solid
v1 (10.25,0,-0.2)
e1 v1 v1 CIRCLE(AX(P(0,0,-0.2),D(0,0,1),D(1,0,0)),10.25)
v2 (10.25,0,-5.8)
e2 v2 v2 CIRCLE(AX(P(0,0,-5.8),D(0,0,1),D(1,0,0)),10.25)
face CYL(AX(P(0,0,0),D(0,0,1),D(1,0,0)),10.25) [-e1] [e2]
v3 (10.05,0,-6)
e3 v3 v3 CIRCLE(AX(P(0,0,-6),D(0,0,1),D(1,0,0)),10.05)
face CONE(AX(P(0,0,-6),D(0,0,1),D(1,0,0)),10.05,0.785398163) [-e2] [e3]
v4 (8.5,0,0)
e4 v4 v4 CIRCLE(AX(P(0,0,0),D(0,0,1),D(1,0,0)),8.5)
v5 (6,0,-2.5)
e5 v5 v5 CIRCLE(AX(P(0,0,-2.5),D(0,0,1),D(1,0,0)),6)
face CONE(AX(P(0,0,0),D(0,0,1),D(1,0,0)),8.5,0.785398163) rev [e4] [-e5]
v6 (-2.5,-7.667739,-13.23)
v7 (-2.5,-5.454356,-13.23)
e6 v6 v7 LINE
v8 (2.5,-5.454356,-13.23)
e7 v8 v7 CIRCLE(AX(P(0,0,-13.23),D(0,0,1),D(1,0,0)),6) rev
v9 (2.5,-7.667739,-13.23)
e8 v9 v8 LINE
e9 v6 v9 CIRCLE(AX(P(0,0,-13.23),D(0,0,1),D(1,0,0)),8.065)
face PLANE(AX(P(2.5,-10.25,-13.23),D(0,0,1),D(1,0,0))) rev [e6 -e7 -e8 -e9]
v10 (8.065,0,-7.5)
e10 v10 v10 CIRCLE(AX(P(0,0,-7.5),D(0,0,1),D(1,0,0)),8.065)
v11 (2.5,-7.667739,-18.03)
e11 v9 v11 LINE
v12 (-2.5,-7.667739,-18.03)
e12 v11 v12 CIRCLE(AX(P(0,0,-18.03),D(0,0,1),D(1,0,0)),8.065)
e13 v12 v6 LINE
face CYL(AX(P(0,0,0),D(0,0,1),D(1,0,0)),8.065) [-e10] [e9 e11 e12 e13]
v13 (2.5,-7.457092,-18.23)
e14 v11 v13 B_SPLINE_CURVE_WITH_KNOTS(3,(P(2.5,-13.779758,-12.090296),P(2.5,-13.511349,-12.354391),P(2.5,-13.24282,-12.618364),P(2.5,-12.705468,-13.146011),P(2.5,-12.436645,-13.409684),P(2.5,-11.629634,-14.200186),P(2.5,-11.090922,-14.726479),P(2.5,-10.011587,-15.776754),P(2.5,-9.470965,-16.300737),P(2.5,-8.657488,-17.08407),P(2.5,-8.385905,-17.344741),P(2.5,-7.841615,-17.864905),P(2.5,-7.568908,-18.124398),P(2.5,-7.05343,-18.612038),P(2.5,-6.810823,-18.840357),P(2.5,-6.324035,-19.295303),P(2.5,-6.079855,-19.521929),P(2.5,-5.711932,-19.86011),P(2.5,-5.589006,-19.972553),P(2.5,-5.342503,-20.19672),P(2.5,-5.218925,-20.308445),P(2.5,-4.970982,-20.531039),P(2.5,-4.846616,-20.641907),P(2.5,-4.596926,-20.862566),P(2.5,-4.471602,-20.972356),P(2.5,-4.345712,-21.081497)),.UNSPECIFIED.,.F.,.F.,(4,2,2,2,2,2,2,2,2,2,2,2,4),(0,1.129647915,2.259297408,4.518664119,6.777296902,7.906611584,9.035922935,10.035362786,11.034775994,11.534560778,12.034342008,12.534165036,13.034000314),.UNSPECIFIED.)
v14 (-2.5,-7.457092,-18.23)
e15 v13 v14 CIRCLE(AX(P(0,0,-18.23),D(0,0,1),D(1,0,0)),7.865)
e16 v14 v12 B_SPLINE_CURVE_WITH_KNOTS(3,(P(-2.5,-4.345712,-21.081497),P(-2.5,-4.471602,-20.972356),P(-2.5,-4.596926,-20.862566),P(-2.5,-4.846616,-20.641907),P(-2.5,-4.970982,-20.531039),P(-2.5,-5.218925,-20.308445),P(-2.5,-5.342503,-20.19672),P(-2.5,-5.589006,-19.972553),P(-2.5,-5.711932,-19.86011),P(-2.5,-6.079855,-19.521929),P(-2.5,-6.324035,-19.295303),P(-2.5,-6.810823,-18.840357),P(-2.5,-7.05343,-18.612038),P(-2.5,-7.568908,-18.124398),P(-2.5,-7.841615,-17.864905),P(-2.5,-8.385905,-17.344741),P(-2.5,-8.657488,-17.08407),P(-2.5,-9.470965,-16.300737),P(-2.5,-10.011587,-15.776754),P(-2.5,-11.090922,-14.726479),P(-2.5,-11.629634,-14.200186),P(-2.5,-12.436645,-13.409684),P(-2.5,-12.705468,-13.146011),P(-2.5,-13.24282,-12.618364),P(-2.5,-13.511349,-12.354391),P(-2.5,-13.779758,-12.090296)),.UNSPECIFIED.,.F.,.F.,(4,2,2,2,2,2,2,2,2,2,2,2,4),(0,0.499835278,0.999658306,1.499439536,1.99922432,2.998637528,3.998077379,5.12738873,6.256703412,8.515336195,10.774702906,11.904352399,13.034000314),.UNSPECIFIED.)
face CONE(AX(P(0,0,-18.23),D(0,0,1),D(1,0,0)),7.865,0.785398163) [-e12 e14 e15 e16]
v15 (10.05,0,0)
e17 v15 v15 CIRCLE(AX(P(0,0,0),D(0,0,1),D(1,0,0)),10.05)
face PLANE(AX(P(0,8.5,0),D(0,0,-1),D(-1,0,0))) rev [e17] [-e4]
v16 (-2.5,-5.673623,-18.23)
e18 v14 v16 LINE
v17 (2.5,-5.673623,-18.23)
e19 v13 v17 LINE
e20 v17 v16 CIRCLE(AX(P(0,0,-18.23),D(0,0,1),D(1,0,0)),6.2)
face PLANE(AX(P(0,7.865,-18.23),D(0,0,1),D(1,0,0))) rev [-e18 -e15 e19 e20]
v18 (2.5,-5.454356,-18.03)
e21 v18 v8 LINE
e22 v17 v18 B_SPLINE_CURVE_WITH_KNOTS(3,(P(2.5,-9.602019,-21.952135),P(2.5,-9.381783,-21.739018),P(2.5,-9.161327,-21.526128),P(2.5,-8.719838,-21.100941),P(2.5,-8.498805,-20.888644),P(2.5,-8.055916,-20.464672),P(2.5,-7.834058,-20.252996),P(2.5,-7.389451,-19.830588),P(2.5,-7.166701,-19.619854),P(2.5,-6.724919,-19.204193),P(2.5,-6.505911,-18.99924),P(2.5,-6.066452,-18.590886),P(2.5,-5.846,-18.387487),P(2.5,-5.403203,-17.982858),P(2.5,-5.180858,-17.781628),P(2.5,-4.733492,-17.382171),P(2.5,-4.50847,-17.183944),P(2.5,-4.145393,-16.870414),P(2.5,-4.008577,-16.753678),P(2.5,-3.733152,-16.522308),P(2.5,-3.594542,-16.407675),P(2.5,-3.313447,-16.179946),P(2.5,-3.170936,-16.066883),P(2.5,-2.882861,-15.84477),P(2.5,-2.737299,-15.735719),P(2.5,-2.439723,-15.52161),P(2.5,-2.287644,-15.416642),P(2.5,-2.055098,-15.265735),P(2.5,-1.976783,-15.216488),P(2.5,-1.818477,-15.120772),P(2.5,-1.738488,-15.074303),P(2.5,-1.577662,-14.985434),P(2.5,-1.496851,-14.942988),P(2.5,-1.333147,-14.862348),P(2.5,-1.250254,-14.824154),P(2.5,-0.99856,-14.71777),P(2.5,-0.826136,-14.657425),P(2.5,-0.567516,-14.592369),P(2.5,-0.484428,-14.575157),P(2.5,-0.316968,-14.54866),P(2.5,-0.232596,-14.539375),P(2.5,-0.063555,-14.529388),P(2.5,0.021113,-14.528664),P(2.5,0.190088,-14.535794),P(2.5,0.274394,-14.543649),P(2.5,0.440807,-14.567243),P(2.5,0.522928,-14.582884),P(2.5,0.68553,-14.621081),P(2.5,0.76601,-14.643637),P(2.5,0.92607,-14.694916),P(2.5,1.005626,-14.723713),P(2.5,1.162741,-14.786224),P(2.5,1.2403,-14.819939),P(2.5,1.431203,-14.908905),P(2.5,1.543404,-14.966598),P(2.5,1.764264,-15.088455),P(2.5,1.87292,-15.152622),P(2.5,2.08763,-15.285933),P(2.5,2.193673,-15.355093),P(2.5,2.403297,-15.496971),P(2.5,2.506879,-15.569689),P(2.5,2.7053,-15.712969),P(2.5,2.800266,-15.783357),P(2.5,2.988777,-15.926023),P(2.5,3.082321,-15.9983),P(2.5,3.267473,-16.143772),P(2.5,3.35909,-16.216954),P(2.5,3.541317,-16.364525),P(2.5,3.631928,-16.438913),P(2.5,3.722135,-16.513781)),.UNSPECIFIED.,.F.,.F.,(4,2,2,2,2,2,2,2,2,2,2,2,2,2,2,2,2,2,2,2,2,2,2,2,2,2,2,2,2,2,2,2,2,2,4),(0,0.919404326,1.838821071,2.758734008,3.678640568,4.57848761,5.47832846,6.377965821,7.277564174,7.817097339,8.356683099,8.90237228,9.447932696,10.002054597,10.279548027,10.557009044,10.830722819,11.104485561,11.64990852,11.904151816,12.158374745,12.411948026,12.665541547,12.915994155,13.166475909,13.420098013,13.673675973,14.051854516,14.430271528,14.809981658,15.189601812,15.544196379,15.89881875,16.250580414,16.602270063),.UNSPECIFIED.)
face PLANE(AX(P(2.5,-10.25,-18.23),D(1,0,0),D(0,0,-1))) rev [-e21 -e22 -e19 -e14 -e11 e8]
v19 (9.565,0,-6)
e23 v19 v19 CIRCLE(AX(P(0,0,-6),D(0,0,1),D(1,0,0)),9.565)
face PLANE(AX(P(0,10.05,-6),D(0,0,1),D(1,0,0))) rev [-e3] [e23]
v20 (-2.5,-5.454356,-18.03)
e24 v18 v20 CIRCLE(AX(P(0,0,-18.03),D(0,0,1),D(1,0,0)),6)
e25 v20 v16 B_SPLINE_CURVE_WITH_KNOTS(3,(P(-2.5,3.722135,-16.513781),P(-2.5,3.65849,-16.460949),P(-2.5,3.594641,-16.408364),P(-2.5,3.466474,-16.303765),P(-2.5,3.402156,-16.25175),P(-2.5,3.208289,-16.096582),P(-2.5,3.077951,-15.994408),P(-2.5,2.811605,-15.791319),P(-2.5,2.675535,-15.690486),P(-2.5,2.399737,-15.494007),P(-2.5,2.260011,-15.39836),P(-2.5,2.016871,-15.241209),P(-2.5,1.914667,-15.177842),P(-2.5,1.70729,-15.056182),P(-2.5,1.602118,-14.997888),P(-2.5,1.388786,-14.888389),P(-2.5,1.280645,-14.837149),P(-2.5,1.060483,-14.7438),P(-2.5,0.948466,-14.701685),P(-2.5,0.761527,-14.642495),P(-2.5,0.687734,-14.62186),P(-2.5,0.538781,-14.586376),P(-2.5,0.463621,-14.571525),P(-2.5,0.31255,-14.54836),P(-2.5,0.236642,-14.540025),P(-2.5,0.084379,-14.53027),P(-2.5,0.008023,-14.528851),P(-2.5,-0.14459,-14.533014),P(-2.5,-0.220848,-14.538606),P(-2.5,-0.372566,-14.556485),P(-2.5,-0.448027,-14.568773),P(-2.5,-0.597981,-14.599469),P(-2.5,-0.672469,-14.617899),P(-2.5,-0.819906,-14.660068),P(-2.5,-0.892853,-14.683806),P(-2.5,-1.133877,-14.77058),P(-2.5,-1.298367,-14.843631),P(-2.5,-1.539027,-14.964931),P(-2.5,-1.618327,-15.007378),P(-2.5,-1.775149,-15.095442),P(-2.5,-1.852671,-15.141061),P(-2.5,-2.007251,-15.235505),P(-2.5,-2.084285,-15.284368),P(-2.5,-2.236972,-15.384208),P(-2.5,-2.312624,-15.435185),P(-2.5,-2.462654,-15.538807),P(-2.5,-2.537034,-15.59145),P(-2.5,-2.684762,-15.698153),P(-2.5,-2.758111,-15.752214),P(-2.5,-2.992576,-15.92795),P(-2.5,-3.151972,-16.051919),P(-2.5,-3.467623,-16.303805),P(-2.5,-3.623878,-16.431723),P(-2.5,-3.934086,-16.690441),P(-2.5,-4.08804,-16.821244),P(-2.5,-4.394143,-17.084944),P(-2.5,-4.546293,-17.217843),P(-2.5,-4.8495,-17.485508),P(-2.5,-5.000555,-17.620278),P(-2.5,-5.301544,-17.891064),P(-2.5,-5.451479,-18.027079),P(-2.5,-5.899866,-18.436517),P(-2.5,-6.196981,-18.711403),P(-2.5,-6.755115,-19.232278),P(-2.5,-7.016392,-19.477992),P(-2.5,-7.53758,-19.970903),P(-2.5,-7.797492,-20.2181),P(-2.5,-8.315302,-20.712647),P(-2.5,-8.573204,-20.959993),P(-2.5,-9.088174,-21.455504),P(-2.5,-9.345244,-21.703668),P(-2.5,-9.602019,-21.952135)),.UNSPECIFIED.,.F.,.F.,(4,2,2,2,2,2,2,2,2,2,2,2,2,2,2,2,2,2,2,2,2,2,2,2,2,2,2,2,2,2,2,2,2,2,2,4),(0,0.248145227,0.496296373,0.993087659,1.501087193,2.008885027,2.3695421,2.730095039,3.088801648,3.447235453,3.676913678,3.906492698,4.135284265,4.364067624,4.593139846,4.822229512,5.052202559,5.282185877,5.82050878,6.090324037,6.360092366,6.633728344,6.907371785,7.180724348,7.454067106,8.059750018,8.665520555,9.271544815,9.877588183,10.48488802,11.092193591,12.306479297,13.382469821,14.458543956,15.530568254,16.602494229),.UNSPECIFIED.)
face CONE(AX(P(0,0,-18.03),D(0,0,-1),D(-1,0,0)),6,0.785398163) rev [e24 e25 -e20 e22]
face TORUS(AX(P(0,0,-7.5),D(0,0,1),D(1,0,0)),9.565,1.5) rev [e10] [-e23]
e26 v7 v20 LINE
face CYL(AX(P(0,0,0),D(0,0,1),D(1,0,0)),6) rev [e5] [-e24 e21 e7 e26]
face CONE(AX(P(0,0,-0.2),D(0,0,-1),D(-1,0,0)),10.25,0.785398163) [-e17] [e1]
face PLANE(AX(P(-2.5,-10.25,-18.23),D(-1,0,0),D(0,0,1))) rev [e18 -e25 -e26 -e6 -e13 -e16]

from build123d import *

# Parameters (mm, degrees)
CROQUIS2_W            = 5
CROQUIS2_H            = 5
CORTAR_EXTRUIR1_DEPTH = 24.290725622


with BuildPart() as part:
    # Croquis1 → Revolución1 (revolve)
    with BuildSketch(Plane(origin=(0, 0, 0), x_dir=(0, 0, -1), z_dir=(1, 0, 0)), mode=Mode.PRIVATE) as revoluci_n1_sk:
        with BuildLine():
            Line((0, 8.5), (0, 10.05))
            Line((0, 10.05), (0.2, 10.25))
            Line((0.2, 10.25), (5.8, 10.25))
            Line((5.8, 10.25), (6, 10.05))
            Line((6, 10.05), (6, 9.565))
            ThreePointArc((6, 9.565), (6.439339828, 8.504339828), (7.5, 8.065))
            Line((7.5, 8.065), (18.03, 8.065))
            Line((18.03, 8.065), (18.23, 7.865))
            Line((18.23, 7.865), (18.23, 6.2))
            Line((18.23, 6.2), (18.03, 6))
            Line((18.03, 6), (2.5, 6))
            Line((2.5, 6), (0, 8.5))
        make_face()
    revolve(revoluci_n1_sk.sketch.rotate(Axis((0, 0, 0), (0, 0, -1)), 90), axis=Axis((0, 0, 0), (0, 0, -1)))

    # Croquis2 → Cortar-Extruir1 (cut, through all)
    with BuildSketch(Plane(origin=(0, 0, 0), x_dir=(1, 0, 0), z_dir=(0, 1, 0))):
        with Locations((0, 15.73)):
            Rectangle(CROQUIS2_W, CROQUIS2_H)
    extrude(amount=-CORTAR_EXTRUIR1_DEPTH, mode=Mode.SUBTRACT)


solid = part.part
